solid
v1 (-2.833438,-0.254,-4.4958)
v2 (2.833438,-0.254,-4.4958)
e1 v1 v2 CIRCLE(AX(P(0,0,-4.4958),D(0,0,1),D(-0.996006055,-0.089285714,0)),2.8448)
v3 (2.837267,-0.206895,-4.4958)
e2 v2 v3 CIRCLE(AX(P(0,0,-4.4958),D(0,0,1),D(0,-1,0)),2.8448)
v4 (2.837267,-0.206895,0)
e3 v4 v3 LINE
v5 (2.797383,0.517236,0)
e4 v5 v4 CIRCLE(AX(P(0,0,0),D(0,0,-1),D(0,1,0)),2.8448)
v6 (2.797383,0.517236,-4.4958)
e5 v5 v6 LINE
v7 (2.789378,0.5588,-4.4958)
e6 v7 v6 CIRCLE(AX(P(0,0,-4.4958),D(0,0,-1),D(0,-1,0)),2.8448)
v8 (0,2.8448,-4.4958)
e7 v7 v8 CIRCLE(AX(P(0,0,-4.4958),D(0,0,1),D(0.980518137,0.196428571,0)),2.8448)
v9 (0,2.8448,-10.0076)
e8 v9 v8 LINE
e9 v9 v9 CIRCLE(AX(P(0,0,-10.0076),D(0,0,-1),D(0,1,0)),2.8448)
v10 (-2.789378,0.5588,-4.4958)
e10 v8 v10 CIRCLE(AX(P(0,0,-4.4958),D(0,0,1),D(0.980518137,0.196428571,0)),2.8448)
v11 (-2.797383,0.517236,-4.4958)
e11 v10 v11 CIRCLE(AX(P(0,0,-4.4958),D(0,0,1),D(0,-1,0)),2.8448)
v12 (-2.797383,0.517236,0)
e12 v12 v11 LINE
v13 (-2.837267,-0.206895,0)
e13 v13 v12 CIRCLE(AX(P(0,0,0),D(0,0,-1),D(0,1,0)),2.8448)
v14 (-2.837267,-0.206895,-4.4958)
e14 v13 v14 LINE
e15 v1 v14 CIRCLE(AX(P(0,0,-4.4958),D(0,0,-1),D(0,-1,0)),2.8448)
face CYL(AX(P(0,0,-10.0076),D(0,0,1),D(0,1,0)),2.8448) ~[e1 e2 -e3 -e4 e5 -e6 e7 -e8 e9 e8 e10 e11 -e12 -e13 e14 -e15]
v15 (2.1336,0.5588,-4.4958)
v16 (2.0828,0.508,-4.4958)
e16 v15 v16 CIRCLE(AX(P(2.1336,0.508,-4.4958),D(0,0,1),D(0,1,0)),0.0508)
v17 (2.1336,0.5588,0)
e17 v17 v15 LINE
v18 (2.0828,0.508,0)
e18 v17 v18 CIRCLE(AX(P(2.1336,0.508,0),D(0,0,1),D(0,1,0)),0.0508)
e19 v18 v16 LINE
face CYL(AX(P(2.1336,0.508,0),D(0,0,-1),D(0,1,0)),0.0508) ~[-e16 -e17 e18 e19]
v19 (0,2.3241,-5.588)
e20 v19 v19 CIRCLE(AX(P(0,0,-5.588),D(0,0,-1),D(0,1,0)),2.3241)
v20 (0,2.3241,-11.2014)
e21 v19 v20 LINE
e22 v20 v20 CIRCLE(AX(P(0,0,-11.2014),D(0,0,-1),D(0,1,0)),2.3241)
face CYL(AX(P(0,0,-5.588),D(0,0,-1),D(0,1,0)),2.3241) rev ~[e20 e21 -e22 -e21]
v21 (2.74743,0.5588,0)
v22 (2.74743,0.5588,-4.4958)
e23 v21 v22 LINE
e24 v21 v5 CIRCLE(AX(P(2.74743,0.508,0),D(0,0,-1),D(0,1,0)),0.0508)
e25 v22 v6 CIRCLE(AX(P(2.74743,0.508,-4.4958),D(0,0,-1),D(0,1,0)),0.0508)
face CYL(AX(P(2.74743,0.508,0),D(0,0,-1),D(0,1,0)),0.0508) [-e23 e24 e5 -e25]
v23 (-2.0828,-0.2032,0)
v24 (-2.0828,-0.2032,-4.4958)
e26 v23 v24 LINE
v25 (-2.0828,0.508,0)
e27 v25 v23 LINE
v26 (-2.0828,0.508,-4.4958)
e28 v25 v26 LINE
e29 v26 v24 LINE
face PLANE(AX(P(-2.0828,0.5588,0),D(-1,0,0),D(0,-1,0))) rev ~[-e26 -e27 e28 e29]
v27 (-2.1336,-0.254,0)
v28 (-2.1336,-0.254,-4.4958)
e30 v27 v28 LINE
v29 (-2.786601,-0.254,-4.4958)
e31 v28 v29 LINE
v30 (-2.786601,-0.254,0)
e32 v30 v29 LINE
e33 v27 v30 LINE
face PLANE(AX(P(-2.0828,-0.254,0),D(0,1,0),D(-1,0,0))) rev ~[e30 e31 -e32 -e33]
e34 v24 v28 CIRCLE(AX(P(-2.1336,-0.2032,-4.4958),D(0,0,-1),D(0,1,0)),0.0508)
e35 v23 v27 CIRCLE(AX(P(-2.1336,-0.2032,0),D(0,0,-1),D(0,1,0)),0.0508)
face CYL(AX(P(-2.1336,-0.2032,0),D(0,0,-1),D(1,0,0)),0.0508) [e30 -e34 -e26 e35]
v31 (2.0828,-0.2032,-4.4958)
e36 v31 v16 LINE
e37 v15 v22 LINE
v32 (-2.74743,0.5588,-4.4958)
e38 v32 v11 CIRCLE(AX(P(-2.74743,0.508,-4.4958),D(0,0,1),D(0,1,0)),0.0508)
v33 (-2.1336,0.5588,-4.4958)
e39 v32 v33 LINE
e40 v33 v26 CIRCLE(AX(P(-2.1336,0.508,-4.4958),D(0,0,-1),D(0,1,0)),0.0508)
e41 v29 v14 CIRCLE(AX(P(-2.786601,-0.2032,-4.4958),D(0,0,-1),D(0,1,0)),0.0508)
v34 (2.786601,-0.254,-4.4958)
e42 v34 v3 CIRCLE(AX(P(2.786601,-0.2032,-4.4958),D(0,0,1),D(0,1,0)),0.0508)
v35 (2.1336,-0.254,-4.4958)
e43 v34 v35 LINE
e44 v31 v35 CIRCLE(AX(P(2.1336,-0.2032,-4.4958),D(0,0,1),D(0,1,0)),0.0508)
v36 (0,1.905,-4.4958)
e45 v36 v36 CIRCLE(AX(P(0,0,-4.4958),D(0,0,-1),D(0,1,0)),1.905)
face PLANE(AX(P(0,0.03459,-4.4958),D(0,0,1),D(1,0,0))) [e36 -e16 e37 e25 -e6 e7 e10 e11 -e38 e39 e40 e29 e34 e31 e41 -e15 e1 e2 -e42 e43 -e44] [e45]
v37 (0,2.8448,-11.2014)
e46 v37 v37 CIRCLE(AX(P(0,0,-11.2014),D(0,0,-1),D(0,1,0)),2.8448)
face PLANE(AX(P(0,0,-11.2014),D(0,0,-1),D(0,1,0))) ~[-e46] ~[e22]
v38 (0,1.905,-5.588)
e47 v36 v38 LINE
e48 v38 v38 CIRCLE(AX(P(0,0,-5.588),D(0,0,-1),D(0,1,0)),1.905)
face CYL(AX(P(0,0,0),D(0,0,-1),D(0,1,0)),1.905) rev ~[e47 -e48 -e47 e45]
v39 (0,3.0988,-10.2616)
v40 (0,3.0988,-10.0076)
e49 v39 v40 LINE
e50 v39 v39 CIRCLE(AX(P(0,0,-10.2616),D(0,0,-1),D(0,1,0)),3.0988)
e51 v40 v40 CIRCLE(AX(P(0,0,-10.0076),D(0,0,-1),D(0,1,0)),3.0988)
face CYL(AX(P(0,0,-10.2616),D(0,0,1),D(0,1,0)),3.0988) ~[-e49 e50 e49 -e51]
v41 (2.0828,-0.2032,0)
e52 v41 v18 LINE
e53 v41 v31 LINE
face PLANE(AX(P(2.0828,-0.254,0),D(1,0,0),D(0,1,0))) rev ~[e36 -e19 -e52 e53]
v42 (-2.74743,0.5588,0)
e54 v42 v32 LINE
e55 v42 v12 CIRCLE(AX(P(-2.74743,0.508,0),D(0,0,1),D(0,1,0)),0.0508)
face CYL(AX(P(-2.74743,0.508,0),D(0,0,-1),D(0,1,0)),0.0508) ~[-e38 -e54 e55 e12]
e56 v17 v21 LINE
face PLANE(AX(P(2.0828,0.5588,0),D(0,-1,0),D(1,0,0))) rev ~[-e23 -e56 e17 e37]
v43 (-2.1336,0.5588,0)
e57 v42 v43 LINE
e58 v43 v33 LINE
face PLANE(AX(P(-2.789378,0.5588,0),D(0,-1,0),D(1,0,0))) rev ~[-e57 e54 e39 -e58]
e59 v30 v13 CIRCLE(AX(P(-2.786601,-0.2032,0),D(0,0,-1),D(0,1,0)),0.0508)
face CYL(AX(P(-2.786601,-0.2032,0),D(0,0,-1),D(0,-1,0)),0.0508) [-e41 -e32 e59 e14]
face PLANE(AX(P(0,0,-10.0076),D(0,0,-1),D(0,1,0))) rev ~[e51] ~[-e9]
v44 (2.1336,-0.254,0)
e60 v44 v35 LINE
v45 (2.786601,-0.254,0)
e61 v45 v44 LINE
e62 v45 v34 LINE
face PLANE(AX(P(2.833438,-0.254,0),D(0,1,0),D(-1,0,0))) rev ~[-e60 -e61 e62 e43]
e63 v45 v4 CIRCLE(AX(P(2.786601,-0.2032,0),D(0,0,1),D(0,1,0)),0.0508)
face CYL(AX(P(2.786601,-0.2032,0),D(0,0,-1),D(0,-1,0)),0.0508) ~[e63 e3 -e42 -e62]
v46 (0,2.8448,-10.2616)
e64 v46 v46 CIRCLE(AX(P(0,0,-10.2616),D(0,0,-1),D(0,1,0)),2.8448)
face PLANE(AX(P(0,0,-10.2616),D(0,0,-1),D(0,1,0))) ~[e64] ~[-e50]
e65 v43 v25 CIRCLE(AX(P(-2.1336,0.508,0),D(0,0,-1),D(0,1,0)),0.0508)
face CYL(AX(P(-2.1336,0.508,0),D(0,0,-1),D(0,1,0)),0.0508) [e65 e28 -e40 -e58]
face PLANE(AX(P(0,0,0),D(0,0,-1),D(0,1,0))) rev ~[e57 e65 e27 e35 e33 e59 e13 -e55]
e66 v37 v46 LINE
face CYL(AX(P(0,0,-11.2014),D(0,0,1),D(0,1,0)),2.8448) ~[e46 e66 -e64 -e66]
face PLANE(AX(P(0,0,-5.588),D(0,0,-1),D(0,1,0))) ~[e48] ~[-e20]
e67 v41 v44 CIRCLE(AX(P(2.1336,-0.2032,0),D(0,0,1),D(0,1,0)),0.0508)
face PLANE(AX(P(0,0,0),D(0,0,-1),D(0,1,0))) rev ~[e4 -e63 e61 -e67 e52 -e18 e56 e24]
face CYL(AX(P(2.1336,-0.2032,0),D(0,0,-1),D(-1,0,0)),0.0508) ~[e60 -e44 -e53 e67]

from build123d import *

# Parameters (mm, degrees)
F2_R     = 1.905
F3_DEPTH = 4.4958
F4_R     = 0.0508


with BuildPart() as f1:
    # F0 (on Right) → F1 (revolve)
    with BuildSketch(Plane.YZ):
        Polygon((2.8448, 0), (1.905, 0), (1.905, -5.588), (2.3241, -5.588), (2.3241, -11.2014), (2.8448, -11.2014), (2.8448, -10.2616), (3.0988, -10.2616), (3.0988, -10.0076), (2.8448, -10.0076), align=None)
    revolve(axis=Axis((0, 0, -5.6007), (0, 0, -1)))

    # F2 (on face) → F3 (cut)
    with BuildSketch(Plane.XY):
        with BuildLine():
            ThreePointArc((2.7893779952, 0.5588), (0, 2.8448), (-2.7893779952, 0.5588))
            Line((-2.7893779952, 0.5588), (-2.0828, 0.5588))
            Line((-2.0828, 0.5588), (-2.0828, -0.254))
            Line((-2.0828, -0.254), (-2.8334380247, -0.254))
            ThreePointArc((-2.8334380247, -0.254), (0, -2.8448), (2.8334380247, -0.254))
            Line((2.8334380247, -0.254), (2.0828, -0.254))
            Line((2.0828, -0.254), (2.0828, 0.5588))
            Line((2.0828, 0.5588), (2.7893779952, 0.5588))
        make_face()
        Circle(F2_R, mode=Mode.SUBTRACT)
    extrude(amount=-F3_DEPTH, mode=Mode.SUBTRACT)

    # F4
    f4_edges = [f1.edges().sort_by_distance(p)[0] for p in [
        (-2.789378, 0.5588, -2.2479),
        (-2.0828, 0.5588, -2.2479),
        (-2.0828, -0.254, -2.2479),
        (-2.833438, -0.254, -2.2479),
        (2.0828, -0.254, -2.2479),
        (2.833438, -0.254, -2.2479),
        (2.789378, 0.5588, -2.2479),
        (2.0828, 0.5588, -2.2479),
    ]]
    fillet(f4_edges, radius=F4_R)


solid = f1.part
